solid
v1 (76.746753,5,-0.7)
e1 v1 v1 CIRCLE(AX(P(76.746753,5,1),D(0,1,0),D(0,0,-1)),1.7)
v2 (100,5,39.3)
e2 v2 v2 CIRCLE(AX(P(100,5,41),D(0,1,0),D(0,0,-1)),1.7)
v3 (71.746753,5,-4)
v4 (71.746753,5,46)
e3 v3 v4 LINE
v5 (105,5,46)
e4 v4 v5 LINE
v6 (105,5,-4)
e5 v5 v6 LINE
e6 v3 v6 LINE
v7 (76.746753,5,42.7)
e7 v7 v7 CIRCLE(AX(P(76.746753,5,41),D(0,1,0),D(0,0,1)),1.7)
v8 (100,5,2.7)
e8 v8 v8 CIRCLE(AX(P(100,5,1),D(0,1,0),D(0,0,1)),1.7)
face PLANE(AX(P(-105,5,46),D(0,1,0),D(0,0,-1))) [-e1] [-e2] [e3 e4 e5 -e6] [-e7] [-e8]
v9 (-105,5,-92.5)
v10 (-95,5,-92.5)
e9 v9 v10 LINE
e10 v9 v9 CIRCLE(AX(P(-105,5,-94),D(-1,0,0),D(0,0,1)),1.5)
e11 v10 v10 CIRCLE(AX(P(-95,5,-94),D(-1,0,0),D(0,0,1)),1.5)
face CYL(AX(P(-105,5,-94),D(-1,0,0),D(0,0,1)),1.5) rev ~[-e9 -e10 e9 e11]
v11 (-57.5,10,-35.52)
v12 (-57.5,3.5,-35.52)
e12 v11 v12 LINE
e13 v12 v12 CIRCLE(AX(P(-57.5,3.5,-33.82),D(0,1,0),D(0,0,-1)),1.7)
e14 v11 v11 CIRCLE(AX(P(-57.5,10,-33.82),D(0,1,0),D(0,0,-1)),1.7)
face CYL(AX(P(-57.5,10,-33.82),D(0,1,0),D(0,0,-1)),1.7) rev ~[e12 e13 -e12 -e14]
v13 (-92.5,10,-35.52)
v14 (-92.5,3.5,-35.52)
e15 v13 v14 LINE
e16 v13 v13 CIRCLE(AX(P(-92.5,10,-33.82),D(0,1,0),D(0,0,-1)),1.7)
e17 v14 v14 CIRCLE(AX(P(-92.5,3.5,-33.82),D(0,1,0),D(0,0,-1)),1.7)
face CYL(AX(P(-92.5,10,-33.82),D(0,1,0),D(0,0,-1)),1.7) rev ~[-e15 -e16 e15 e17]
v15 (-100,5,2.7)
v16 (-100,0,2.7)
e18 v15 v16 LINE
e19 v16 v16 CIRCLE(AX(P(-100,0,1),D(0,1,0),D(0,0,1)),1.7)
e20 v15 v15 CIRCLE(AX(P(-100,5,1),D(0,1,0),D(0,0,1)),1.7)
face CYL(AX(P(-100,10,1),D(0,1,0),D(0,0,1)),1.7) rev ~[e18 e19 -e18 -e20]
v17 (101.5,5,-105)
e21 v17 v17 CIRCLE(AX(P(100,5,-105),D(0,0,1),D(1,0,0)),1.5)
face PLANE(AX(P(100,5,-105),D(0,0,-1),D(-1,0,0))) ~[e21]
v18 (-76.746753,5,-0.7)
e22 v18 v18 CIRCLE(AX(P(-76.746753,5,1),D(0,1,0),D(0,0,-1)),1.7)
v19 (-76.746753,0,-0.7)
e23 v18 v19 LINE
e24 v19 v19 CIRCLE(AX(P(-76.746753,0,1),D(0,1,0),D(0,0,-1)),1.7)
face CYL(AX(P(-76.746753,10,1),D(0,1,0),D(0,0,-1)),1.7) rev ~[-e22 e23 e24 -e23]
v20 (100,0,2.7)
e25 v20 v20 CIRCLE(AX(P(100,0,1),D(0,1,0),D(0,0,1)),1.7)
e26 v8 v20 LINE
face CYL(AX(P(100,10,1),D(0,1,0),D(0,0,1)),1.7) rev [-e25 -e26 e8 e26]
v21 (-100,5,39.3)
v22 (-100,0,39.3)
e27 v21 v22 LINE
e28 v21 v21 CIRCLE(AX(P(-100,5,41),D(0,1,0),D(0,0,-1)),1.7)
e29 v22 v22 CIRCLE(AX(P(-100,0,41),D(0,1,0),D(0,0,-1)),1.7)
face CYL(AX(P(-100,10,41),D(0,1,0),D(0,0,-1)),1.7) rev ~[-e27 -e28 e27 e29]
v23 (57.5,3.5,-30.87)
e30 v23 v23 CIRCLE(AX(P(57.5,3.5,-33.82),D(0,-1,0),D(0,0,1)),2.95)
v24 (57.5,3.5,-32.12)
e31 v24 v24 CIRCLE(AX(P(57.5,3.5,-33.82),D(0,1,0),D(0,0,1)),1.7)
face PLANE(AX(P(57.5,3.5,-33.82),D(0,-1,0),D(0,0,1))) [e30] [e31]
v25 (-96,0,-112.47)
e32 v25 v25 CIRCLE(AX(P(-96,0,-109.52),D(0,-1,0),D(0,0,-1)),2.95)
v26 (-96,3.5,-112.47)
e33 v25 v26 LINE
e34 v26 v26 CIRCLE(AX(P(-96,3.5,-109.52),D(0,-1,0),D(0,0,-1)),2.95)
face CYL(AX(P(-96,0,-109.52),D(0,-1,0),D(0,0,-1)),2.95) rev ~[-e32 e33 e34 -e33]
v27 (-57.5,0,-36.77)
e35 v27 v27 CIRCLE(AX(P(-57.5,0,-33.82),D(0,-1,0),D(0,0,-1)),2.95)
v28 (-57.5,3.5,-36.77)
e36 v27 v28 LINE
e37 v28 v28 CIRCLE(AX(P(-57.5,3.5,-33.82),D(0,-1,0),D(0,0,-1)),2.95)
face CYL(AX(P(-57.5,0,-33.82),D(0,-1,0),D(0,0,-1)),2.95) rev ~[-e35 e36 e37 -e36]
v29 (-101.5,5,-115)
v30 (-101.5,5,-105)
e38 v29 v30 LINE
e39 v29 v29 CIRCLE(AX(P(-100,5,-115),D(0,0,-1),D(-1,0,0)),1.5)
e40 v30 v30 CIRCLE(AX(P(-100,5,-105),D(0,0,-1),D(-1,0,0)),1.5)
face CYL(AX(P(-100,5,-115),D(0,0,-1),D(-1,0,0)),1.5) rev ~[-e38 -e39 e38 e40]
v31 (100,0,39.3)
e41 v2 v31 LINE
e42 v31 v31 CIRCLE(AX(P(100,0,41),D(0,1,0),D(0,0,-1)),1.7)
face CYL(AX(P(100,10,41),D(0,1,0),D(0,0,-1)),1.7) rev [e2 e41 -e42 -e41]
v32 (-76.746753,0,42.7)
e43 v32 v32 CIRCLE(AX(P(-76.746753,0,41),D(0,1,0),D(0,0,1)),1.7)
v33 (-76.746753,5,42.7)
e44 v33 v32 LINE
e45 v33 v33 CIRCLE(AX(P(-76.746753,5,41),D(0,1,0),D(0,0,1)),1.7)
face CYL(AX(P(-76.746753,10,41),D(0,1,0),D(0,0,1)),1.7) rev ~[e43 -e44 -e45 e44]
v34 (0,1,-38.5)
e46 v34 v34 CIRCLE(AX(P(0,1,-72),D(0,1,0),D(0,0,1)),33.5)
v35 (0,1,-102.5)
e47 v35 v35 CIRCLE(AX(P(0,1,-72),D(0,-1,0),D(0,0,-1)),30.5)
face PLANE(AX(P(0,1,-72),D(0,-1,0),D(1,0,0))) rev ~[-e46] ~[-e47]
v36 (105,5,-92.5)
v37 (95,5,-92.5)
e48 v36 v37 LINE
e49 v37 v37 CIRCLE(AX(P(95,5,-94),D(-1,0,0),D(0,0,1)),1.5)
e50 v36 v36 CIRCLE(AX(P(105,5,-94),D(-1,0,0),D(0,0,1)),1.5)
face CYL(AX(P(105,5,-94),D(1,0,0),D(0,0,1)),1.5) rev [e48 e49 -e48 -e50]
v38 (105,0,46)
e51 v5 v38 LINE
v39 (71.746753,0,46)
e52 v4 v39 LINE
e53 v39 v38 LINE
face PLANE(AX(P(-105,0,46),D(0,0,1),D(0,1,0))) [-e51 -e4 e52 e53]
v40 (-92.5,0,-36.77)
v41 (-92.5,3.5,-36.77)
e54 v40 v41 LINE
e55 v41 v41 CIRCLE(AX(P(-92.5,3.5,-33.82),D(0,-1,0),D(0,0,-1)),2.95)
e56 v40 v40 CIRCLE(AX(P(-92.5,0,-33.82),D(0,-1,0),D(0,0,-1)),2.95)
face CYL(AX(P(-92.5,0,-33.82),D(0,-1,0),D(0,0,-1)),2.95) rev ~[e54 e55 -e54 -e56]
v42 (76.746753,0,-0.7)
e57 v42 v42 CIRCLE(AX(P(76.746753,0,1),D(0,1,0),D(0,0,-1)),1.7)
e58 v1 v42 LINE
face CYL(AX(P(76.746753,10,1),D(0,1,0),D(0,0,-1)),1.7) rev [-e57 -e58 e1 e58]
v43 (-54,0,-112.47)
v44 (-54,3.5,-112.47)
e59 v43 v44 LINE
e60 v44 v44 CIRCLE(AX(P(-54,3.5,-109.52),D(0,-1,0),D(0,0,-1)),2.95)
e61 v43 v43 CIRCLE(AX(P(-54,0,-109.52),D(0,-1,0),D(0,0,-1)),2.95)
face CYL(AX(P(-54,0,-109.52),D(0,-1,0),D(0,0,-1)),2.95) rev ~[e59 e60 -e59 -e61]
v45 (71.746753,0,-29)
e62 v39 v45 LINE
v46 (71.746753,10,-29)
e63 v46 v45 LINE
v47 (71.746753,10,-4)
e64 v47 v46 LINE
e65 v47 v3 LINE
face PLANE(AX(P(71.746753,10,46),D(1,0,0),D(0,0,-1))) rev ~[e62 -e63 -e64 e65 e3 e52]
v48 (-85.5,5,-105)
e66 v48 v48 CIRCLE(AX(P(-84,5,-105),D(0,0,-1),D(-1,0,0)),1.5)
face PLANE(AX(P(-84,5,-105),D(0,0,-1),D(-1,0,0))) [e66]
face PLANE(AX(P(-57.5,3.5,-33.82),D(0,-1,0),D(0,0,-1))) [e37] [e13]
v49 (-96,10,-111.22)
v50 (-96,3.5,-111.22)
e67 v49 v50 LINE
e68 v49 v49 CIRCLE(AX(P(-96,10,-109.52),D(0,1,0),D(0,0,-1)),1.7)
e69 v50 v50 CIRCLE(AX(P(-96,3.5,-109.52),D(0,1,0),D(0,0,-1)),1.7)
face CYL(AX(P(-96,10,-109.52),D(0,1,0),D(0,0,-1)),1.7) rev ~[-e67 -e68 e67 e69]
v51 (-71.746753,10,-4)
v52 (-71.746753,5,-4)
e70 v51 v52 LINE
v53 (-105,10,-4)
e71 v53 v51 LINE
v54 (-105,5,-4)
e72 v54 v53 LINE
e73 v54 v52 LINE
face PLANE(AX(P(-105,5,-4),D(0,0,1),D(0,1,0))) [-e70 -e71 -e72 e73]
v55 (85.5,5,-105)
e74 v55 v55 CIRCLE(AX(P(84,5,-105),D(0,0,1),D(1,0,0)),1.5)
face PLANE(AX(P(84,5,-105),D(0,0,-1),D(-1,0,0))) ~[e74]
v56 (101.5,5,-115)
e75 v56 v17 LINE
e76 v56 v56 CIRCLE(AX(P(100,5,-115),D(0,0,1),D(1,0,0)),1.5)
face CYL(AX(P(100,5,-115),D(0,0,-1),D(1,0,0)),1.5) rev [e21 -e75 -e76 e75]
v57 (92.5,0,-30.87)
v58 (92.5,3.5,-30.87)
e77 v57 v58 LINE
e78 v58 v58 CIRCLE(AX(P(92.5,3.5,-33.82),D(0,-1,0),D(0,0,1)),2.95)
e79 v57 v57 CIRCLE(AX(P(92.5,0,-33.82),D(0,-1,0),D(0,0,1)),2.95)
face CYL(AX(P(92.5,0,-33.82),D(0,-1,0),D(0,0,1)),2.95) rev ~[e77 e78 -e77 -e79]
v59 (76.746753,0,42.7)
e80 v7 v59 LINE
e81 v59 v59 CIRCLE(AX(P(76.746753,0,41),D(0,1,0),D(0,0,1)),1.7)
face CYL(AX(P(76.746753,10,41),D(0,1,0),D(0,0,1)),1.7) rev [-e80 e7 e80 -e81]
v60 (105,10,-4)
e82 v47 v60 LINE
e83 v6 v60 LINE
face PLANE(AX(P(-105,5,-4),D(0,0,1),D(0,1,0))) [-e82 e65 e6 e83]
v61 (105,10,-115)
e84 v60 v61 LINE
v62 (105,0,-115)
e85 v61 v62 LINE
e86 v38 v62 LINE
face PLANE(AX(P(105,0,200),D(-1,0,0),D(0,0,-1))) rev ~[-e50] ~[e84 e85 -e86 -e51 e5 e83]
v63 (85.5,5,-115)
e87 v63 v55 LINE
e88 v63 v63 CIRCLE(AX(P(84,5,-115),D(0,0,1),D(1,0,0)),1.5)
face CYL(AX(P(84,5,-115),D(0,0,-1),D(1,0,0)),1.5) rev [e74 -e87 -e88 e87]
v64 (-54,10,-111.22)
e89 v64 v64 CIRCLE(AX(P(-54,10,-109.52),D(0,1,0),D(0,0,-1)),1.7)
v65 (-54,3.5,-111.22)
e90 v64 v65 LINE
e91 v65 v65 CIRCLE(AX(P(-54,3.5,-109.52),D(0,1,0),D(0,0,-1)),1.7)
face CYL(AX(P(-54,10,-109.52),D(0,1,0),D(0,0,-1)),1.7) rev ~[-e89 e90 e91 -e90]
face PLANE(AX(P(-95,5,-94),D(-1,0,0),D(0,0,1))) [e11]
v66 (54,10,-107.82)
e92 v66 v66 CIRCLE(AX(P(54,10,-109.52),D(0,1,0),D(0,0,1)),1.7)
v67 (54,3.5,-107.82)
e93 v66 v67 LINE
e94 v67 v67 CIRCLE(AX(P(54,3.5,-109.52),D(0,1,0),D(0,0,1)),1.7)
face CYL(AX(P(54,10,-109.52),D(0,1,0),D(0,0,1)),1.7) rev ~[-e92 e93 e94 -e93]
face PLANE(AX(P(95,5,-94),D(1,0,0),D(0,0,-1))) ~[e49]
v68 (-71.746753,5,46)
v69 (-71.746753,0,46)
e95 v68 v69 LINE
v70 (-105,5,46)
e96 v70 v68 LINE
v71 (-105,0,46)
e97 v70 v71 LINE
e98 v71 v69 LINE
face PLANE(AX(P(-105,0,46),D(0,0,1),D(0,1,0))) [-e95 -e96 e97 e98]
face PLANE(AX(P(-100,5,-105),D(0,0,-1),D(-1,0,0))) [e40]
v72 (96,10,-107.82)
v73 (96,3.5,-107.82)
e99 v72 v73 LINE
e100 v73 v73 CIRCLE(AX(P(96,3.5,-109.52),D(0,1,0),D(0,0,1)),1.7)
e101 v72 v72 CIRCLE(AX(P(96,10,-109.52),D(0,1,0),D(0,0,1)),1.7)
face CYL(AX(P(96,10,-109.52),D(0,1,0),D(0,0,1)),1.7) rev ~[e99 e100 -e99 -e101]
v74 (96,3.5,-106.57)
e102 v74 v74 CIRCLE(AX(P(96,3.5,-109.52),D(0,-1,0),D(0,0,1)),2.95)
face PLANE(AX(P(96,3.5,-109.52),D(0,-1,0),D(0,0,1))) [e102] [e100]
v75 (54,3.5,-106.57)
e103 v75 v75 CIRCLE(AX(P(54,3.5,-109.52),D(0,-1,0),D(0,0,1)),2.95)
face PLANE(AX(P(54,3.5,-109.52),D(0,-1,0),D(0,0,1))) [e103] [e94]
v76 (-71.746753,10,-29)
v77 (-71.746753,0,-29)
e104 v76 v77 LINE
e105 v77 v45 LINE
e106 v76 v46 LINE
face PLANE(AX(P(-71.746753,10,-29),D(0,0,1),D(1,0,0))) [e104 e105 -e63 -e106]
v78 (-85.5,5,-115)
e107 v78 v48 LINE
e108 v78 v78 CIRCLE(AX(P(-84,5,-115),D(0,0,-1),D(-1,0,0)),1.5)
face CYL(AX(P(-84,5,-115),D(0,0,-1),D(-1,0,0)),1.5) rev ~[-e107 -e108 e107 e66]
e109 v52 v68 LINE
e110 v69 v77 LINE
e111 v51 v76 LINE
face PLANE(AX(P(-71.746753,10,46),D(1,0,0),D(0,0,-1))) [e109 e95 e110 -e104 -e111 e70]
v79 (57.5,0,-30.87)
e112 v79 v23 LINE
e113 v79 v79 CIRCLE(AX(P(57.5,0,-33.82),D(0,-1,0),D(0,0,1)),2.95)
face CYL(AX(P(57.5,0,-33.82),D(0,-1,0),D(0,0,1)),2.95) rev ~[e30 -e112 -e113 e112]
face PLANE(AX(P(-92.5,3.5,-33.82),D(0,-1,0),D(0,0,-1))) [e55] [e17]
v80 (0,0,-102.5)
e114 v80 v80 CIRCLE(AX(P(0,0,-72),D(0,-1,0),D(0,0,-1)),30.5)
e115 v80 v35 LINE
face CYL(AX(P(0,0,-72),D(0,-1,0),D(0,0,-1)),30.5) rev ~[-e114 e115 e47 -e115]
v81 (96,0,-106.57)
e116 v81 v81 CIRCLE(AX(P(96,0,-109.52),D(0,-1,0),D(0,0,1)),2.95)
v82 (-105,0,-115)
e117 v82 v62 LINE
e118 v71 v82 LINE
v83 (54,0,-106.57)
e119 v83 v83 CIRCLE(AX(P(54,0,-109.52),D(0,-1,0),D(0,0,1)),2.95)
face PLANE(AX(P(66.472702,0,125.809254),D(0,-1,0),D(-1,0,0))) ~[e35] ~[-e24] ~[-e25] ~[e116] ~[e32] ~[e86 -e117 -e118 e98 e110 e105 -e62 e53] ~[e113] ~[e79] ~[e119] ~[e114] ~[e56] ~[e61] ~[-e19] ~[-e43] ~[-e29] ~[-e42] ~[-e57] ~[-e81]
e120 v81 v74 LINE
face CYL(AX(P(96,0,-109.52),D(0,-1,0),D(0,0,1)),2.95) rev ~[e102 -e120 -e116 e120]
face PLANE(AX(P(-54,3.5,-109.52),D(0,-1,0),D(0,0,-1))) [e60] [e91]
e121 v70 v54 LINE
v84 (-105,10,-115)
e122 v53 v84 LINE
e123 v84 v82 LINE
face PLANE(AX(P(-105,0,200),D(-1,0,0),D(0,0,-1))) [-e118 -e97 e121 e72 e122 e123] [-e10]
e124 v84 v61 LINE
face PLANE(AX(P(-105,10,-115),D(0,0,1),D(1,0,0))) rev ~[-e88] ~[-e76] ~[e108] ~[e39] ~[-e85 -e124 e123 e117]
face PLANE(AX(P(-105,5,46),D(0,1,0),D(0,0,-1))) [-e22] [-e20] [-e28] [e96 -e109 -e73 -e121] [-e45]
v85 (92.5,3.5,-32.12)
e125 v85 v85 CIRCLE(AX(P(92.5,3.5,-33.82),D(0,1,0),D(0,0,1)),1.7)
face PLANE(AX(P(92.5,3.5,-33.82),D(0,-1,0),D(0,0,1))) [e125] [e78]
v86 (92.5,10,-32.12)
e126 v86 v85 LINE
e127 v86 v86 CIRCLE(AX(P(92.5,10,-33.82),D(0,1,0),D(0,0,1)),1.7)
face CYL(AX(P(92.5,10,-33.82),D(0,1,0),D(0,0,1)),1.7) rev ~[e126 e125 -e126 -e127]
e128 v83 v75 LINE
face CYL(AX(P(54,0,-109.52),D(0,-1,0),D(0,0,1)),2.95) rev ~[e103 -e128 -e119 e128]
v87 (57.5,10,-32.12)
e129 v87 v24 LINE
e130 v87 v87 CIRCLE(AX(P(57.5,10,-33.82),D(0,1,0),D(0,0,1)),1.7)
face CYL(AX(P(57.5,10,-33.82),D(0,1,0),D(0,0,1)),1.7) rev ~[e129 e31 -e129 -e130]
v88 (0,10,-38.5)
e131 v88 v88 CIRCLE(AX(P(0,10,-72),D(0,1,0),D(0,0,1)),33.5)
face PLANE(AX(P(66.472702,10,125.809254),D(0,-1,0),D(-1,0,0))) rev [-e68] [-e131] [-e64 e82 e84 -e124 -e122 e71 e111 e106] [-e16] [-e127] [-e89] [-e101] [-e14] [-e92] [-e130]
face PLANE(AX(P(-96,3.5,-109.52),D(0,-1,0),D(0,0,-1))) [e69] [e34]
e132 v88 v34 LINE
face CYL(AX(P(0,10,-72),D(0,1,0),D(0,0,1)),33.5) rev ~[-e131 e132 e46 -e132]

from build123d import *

# Parameters (mm, degrees)
SKIZZE1_W                        = 210
SKIZZE1_H                        = 400
AUFSATZ_LINEAR_AUSTRAGEN1_DEPTH  = 10
SKIZZE5_W                        = 210
SKIZZE5_H                        = 85
SCHNITT_LINEAR_AUSTRAGEN2_DEPTH  = 10
SKIZZE6_R                        = 1.7
SCHNITT_LINEAR_AUSTRAGEN3_DEPTH  = 227.108381092
SCHNITT_LINEAR_AUSTRAGEN4_DEPTH  = 4
SKIZZE16_W                       = 35
SKIZZE16_H                       = 7
SCHNITT_LINEAR_AUSTRAGEN10_DEPTH = 5
SCHNITT_LINEAR_AUSTRAGEN11_DEPTH = 35
SKIZZE20_R                       = 1.7
SCHNITT_LINEAR_AUSTRAGEN12_DEPTH = 227.108381092
SKIZZE21_W                       = 143.493506494
SKIZZE21_H                       = 75
SCHNITT_LINEAR_AUSTRAGEN13_DEPTH = 227.108381092
SCHNITT_LINEAR_AUSTRAGEN14_DEPTH = 227.108381092
AUFSATZ_LINEAR_AUSTRAGEN6_DEPTH  = 10
SKIZZE25_R                       = 1.7
SCHNITT_LINEAR_AUSTRAGEN15_DEPTH = 227.108381092
SCHNITT_LINEAR_AUSTRAGEN16_DEPTH = 291.172362571
SKIZZE27_R                       = 33.5
SCHNITT_LINEAR_AUSTRAGEN17_DEPTH = 157.044865343
SKIZZE28_R                       = 36.006256149
SKIZZE28_R_2                     = 30.5
AUFSATZ_LINEAR_AUSTRAGEN7_DEPTH  = 1
SKIZZE29_R                       = 1.5
SCHNITT_LINEAR_AUSTRAGEN18_DEPTH = 10
SKIZZE30_R                       = 1.5
SCHNITT_LINEAR_AUSTRAGEN19_DEPTH = 10
SKIZZE31_R                       = 2.95
SCHNITT_LINEAR_AUSTRAGEN20_DEPTH = 3.5


with BuildPart() as part:
    # Skizze1 → Aufsatz-Linear austragen1 (new body)
    with BuildSketch(Plane(origin=(0, 0, 0), x_dir=(1, 0, 0), z_dir=(0, 1, 0))):
        Rectangle(SKIZZE1_W, SKIZZE1_H)
    extrude(amount=AUFSATZ_LINEAR_AUSTRAGEN1_DEPTH)

    # Skizze5 → Schnitt-Linear austragen2 (cut)
    with BuildSketch(Plane(origin=(0, 10, 0), x_dir=(1, 0, 0), z_dir=(0, 1, 0))):
        Polygon((105, -200), (18, -200), (105, -46), align=None)
        Polygon((-18, -200), (-105, -46), (-105, -200), align=None)
        with Locations((0, 157.5)):
            Rectangle(SKIZZE5_W, SKIZZE5_H)
        Polygon((71.746753247, -46), (-71.746753247, -46), (-2.824675325, -168), (2.824675325, -168), align=None)
    extrude(amount=-SCHNITT_LINEAR_AUSTRAGEN2_DEPTH, mode=Mode.SUBTRACT)

    # Skizze6 → Schnitt-Linear austragen3 (cut, through all)
    with BuildSketch(Plane(origin=(0, 10, 0), x_dir=(1, 0, 0), z_dir=(0, 1, 0))):
        with Locations(Location((-11, -195, 0), (0, 0, 270))):
            Circle(SKIZZE6_R)
        with Locations(Location((-11, -178.18, 0), (0, 0, 90))):
            Circle(SKIZZE6_R)
        with Locations(Location((11, -195, 0), (0, 0, 90))):
            Circle(SKIZZE6_R)
        with Locations(Location((11, -178.18, 0), (0, 0, 270))):
            Circle(SKIZZE6_R)
    extrude(amount=-SCHNITT_LINEAR_AUSTRAGEN3_DEPTH, mode=Mode.SUBTRACT)

    # Skizze7 → Schnitt-Linear austragen4 (cut)
    with BuildSketch(Plane.XZ):
        Polygon((-11, 198.406366588), (-8.05, 196.703183294), (-8.05, 193.296816706), (-11, 191.593633412), (-13.95, 193.296816706), (-13.95, 196.703183294), align=None)
        Polygon((11, 198.406366588), (8.05, 196.703183294), (8.05, 193.296816706), (11, 191.593633412), (13.95, 193.296816706), (13.95, 196.703183294), align=None)
        Polygon((-8.05, 176.476816706), (-8.05, 179.883183294), (-11, 181.586366588), (-13.95, 179.883183294), (-13.95, 176.476816706), (-11, 174.773633412), align=None)
        Polygon((8.05, 176.476816706), (8.05, 179.883183294), (11, 181.586366588), (13.95, 179.883183294), (13.95, 176.476816706), (11, 174.773633412), align=None)
    extrude(amount=-SCHNITT_LINEAR_AUSTRAGEN4_DEPTH, mode=Mode.SUBTRACT)

    # Skizze16 → Schnitt-Linear austragen10 (cut)
    with BuildSketch(Plane.XZ):
        with Locations((0, 186.59)):
            Rectangle(SKIZZE16_W, SKIZZE16_H)
    extrude(amount=-SCHNITT_LINEAR_AUSTRAGEN10_DEPTH, mode=Mode.SUBTRACT)

    # Skizze17 → Schnitt-Linear austragen11 (cut)
    with BuildSketch(Plane.ZY.offset(-17.5)):
        Polygon((183.09, 5), (186.59, 8.5), (190.09, 5), align=None)
    extrude(amount=SCHNITT_LINEAR_AUSTRAGEN11_DEPTH, mode=Mode.SUBTRACT)

    # Skizze20 → Schnitt-Linear austragen12 (cut, through all)
    with BuildSketch(Plane(origin=(0, 10, 0), x_dir=(1, 0, 0), z_dir=(0, 1, 0))):
        with Locations(Location((96, 109.52, 0), (0, 0, 270))):
            Circle(SKIZZE20_R)
        with Locations(Location((54, 109.52, 0), (0, 0, 270))):
            Circle(SKIZZE20_R)
        with Locations(Location((-54, 109.52, 0), (0, 0, 90))):
            Circle(SKIZZE20_R)
        with Locations(Location((-96, 109.52, 0), (0, 0, 90))):
            Circle(SKIZZE20_R)
        with Locations(Location((92.5, 33.82, 0), (0, 0, 270))):
            Circle(SKIZZE20_R)
        with Locations(Location((57.5, 33.82, 0), (0, 0, 270))):
            Circle(SKIZZE20_R)
        with Locations(Location((-92.5, 33.82, 0), (0, 0, 90))):
            Circle(SKIZZE20_R)
        with Locations(Location((-57.5, 33.82, 0), (0, 0, 90))):
            Circle(SKIZZE20_R)
    extrude(amount=-SCHNITT_LINEAR_AUSTRAGEN12_DEPTH, mode=Mode.SUBTRACT)

    # Skizze21 → Schnitt-Linear austragen13 (cut, through all)
    with BuildSketch(Plane(origin=(0, 10, 0), x_dir=(1, 0, 0), z_dir=(0, 1, 0))):
        with Locations((0, -8.5)):
            Rectangle(SKIZZE21_W, SKIZZE21_H)
    extrude(amount=-SCHNITT_LINEAR_AUSTRAGEN13_DEPTH, mode=Mode.SUBTRACT)

    # Skizze22 → Schnitt-Linear austragen14 (cut, through all)
    with BuildSketch(Plane(origin=(0, 10, 0), x_dir=(1, 0, 0), z_dir=(0, 1, 0))):
        with BuildLine():
            Line((-71.746753247, -46), (-2.824675325, -168))
            ThreePointArc((-2.824675325, -168), (-55.506711033, -117.293679981), (-71.746753247, -46))
        make_face()
    schnitt_linear_austragen14 = extrude(amount=-SCHNITT_LINEAR_AUSTRAGEN14_DEPTH, mode=Mode.SUBTRACT)

    # Skizze23 → Aufsatz-Linear austragen6 (add)
    with BuildSketch(Plane(origin=(0, 10, 0), x_dir=(1, 0, 0), z_dir=(0, 1, 0))):
        with BuildLine():
            Line((-105, -46), (-18, -200))
            ThreePointArc((-18, -200), (-78.088357737, -132.371344955), (-105, -46))
        make_face()
    aufsatz_linear_austragen6 = extrude(amount=-AUFSATZ_LINEAR_AUSTRAGEN6_DEPTH)

    # Spiegeln2: Schnitt-Linear austragen14, Aufsatz-Linear austragen6 across plane
    add(schnitt_linear_austragen14.mirror(Plane(origin=(0, 0, 0), x_dir=(0, 0, 1), z_dir=(1, 0, 0))), mode=Mode.SUBTRACT)
    add(aufsatz_linear_austragen6.mirror(Plane(origin=(0, 0, 0), x_dir=(0, 0, 1), z_dir=(1, 0, 0))))

    # Skizze25 → Schnitt-Linear austragen15 (cut, through all)
    with BuildSketch(Plane(origin=(0, 10, 0), x_dir=(1, 0, 0), z_dir=(0, 1, 0))):
        with Locations(Location((-100, -1, 0), (0, 0, 270))):
            Circle(SKIZZE25_R)
        with Locations(Location((-76.746753247, -1, 0), (0, 0, 90))):
            Circle(SKIZZE25_R)
        with Locations(Location((-76.746753247, -41, 0), (0, 0, 270))):
            Circle(SKIZZE25_R)
        with Locations(Location((-100, -41, 0), (0, 0, 90))):
            Circle(SKIZZE25_R)
    schnitt_linear_austragen15 = extrude(amount=-SCHNITT_LINEAR_AUSTRAGEN15_DEPTH, mode=Mode.SUBTRACT)

    # Spiegeln3: Schnitt-Linear austragen15 across plane
    add(schnitt_linear_austragen15.mirror(Plane(origin=(0, 0, 0), x_dir=(0, 0, 1), z_dir=(1, 0, 0))), mode=Mode.SUBTRACT)

    # Skizze26 → Schnitt-Linear austragen16 (cut, through all)
    with BuildSketch(Plane.ZY.offset(105)):
        Polygon((-4, 5), (-4, 13.101486595), (200.684563047, 82.546277137), (242.997216492, -41.037631402), (91.241487897, -60.284782055), (46, 0), (46, 5), align=None)
    extrude(amount=-SCHNITT_LINEAR_AUSTRAGEN16_DEPTH, mode=Mode.SUBTRACT)

    # Skizze27 → Schnitt-Linear austragen17 (cut, through all)
    with BuildSketch(Plane(origin=(0, 10, 0), x_dir=(1, 0, 0), z_dir=(0, 1, 0))):
        with Locations(Location((0, 72, 0), (0, 0, 270))):
            Circle(SKIZZE27_R)
    extrude(amount=-SCHNITT_LINEAR_AUSTRAGEN17_DEPTH, mode=Mode.SUBTRACT)

    # Skizze28 → Aufsatz-Linear austragen7 (add)
    with BuildSketch(Plane.XZ):
        with Locations((0, -72)):
            Circle(SKIZZE28_R)
        with Locations(Location((0, -72, 0), (0, 0, 270))):
            Circle(SKIZZE28_R_2, mode=Mode.SUBTRACT)
    extrude(amount=-AUFSATZ_LINEAR_AUSTRAGEN7_DEPTH)

    # Skizze29 → Schnitt-Linear austragen18 (cut)
    with BuildSketch(Plane.ZY.offset(105)):
        with Locations((-94, 5)):
            Circle(SKIZZE29_R)
    schnitt_linear_austragen18 = extrude(amount=-SCHNITT_LINEAR_AUSTRAGEN18_DEPTH, mode=Mode.SUBTRACT)

    # Skizze30 → Schnitt-Linear austragen19 (cut)
    with BuildSketch(Plane(origin=(0, 0, -115), x_dir=(-1, 0, 0), z_dir=(0, 0, -1))):
        with Locations((100, 5)):
            Circle(SKIZZE30_R)
        with Locations((84, 5)):
            Circle(SKIZZE30_R)
    schnitt_linear_austragen19 = extrude(amount=-SCHNITT_LINEAR_AUSTRAGEN19_DEPTH, mode=Mode.SUBTRACT)

    # Spiegeln4: Schnitt-Linear austragen18, Schnitt-Linear austragen19 across plane
    add(schnitt_linear_austragen18.mirror(Plane(origin=(0, 0, 0), x_dir=(0, 0, 1), z_dir=(1, 0, 0))), mode=Mode.SUBTRACT)
    add(schnitt_linear_austragen19.mirror(Plane(origin=(0, 0, 0), x_dir=(0, 0, 1), z_dir=(1, 0, 0))), mode=Mode.SUBTRACT)

    # Skizze31 → Schnitt-Linear austragen20 (cut)
    with BuildSketch(Plane.XZ):
        with Locations(Location((-96, -109.52, 0), (0, 0, 270))):
            Circle(SKIZZE31_R)
        with Locations(Location((-54, -109.52, 0), (0, 0, 270))):
            Circle(SKIZZE31_R)
        with Locations(Location((-92.5, -33.82, 0), (0, 0, 270))):
            Circle(SKIZZE31_R)
        with Locations(Location((-57.5, -33.82, 0), (0, 0, 270))):
            Circle(SKIZZE31_R)
        with Locations(Location((57.5, -33.82, 0), (0, 0, 90))):
            Circle(SKIZZE31_R)
        with Locations(Location((92.5, -33.82, 0), (0, 0, 90))):
            Circle(SKIZZE31_R)
        with Locations(Location((54, -109.52, 0), (0, 0, 90))):
            Circle(SKIZZE31_R)
        with Locations(Location((96, -109.52, 0), (0, 0, 90))):
            Circle(SKIZZE31_R)
    extrude(amount=-SCHNITT_LINEAR_AUSTRAGEN20_DEPTH, mode=Mode.SUBTRACT)


solid = part.part
